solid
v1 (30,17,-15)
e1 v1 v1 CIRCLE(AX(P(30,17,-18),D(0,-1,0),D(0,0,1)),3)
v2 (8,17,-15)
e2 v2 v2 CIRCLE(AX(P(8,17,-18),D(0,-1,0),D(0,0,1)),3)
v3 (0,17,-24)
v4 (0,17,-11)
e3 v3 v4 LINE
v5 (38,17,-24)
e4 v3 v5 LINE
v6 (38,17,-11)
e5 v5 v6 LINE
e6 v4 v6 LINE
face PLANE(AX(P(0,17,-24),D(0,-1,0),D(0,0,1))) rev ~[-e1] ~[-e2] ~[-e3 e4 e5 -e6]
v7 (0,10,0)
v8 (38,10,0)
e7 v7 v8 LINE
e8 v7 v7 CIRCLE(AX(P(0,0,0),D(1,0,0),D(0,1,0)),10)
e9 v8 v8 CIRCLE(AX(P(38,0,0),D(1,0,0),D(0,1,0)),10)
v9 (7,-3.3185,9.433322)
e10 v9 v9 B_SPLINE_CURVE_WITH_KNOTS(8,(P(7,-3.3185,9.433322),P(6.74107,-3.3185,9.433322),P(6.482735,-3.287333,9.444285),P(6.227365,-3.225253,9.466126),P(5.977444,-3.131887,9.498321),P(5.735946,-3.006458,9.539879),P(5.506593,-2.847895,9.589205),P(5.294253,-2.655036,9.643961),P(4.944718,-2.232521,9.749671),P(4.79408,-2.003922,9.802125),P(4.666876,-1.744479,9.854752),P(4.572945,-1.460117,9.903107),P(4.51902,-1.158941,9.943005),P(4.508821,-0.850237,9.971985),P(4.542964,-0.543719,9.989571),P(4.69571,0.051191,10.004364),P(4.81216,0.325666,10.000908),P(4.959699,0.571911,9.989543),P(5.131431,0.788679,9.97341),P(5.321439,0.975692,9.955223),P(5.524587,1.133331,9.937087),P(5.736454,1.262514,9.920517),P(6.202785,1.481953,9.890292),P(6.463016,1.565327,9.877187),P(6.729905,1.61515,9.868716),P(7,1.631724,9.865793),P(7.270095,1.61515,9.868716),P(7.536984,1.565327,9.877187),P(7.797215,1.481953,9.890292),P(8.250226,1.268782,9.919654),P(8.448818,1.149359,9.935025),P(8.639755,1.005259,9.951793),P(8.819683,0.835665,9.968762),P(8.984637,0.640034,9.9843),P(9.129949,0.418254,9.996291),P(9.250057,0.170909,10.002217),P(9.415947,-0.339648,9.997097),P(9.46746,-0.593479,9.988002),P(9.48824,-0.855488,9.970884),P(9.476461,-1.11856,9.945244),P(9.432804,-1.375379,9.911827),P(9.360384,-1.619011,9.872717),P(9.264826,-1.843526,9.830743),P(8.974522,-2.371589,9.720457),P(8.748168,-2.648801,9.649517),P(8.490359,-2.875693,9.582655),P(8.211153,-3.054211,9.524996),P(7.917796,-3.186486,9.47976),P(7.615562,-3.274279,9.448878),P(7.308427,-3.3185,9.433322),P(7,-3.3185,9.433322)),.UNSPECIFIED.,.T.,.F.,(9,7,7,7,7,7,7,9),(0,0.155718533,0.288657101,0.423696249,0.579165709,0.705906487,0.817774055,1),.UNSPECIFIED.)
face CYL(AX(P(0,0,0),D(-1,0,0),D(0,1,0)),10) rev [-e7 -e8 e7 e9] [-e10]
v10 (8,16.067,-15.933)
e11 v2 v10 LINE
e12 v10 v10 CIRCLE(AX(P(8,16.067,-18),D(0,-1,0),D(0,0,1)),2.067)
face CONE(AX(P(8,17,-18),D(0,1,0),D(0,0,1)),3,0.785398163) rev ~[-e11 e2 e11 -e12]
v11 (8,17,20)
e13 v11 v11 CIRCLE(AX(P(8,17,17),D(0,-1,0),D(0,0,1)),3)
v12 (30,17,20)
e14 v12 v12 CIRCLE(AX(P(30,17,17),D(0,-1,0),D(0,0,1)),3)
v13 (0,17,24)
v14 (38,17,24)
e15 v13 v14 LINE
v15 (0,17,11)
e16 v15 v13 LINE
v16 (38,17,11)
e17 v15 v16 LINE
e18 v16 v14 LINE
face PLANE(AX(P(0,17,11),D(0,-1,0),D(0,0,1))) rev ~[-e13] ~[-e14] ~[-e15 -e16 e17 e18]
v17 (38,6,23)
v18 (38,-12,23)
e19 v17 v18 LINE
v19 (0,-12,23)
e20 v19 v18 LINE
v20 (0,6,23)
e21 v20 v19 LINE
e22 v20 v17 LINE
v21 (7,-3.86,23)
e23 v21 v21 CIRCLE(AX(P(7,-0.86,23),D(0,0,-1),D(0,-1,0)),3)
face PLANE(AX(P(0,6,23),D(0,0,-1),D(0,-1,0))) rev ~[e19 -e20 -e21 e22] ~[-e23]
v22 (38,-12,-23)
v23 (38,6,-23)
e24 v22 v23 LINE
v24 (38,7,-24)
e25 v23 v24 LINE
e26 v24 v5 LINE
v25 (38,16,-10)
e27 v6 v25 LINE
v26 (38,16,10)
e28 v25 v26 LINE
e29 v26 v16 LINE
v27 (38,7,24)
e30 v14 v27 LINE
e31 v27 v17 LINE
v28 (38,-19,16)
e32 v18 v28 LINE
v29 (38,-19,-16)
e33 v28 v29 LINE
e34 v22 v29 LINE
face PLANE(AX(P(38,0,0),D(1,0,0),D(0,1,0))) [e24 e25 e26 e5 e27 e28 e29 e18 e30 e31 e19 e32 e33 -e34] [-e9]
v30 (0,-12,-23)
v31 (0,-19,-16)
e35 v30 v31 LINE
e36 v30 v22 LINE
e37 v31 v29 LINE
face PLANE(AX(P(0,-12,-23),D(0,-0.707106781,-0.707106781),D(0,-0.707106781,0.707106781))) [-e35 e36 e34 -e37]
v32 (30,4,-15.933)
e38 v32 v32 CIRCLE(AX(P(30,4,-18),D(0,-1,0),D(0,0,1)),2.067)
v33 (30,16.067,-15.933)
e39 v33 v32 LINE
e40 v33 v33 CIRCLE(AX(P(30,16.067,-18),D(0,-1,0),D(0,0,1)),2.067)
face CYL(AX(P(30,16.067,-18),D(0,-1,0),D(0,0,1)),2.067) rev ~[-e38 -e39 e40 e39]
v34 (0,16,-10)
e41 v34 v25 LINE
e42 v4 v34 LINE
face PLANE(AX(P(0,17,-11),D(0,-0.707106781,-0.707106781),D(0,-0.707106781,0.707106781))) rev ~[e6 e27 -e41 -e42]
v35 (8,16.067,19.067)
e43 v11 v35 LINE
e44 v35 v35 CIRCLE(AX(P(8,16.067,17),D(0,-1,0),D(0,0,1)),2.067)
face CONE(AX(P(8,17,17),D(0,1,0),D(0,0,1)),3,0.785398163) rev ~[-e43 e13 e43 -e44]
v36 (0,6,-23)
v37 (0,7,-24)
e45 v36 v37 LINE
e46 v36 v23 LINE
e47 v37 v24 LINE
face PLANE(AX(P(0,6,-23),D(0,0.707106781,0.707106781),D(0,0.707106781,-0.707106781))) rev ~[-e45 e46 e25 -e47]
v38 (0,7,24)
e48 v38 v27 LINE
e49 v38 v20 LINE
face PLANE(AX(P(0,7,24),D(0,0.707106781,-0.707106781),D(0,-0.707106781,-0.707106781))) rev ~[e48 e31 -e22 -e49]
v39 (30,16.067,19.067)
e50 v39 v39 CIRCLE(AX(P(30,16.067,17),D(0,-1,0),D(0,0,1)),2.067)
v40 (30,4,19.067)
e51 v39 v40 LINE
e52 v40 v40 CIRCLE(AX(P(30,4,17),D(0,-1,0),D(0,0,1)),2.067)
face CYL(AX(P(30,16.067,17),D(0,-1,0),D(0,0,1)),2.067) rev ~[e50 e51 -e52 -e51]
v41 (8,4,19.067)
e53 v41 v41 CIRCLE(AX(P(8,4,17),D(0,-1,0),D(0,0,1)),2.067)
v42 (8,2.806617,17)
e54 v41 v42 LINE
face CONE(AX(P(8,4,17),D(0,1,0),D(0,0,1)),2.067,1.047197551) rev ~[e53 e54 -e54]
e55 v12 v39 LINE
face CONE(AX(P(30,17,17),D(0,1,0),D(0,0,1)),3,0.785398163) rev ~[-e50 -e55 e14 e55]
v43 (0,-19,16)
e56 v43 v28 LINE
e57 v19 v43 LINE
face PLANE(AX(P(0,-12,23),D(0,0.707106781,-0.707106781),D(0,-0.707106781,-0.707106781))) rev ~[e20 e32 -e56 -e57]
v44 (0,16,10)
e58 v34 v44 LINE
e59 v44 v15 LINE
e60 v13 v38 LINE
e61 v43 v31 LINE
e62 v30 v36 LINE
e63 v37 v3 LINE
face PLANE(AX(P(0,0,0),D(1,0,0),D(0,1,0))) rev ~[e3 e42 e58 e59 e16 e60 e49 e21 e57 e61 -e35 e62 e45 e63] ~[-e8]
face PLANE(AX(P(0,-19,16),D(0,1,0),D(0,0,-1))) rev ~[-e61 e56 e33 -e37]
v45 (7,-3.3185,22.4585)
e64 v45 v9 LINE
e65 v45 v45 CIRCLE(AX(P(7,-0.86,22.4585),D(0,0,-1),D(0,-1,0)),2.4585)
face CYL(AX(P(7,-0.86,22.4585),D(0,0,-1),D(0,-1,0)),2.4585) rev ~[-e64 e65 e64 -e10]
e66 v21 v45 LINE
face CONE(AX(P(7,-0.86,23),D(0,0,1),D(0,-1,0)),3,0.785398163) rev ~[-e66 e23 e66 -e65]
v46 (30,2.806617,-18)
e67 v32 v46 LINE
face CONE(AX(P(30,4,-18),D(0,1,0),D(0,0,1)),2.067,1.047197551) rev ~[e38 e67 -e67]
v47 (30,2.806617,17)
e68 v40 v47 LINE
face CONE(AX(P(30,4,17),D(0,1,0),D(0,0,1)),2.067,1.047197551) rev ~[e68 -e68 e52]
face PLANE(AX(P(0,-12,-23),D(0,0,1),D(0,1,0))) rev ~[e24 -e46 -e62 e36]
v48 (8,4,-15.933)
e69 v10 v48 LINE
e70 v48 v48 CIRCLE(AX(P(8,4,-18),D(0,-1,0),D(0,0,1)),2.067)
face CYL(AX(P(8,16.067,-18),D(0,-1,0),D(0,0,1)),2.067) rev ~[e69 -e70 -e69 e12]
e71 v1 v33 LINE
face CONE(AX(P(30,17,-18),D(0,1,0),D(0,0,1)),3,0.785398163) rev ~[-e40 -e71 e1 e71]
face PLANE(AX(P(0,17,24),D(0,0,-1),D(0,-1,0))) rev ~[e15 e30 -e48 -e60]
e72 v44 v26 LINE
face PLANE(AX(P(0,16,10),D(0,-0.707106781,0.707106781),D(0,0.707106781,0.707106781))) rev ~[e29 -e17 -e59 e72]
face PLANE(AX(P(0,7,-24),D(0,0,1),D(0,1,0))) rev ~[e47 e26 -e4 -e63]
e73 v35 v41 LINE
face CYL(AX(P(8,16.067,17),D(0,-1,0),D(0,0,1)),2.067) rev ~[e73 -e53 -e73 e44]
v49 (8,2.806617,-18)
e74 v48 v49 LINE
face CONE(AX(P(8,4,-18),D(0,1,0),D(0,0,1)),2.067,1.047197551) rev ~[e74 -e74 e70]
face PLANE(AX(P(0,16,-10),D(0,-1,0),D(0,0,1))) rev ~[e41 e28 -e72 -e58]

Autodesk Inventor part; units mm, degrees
sketch "Sketch_1" plane through (0, 0, 0) normal (1, 0, 0) x (0, 1, 0)
  line L0 (17, 24) -> (7, 24)
  line L1 (7, 24) -> (6, 23)
  line L2 (6, 23) -> (-12, 23)
  line L3 (-19, 16) -> (-19, -16)
  line L4 (-12, -23) -> (6, -23)
  line L5 (6, -23) -> (7, -24)
  line L6 (7, -24) -> (17, -24)
  line L7 (17, -24) -> (17, -11)
  line L8 (17, -11) -> (16, -10)
  line L9 (16, -10) -> (16, 10)
  line L10 (16, 10) -> (17, 11)
  line L11 (17, 11) -> (17, 24)
  circle A0 centre (0, 0) radius 10
  line L12 (16, 0) -> (0, 0) construction
  line L13 (-12, -23) -> (-19, -16)
  line L14 (-12, 23) -> (-19, 16)
  line L15 (0, 0) -> (-19, 0) construction
  line L16 (6, 23) -> (6, -23) construction
  dimension "d39" = 20
  dimension "d41" = 46
  dimension "d43" = 23
  dimension "d45" = 1
  dimension "d46" = 48
  dimension "d47" = 1
  dimension "d48" = 36
  dimension "d49" = 10
  dimension "d50" = 10
  dimension "d51" = 20
  dimension "d52" = 13
  dimension "d53" = 13
  dimension "d54" = 32
  dimension "d55" = 16
  dimension "d56" = 135
  dimension "d57" = 18
  dimension "d58" = 18
extrude "Extrusion1" add sketch "Sketch_1" along normal blind 38
sketch "Sketch_2" plane through (29, 0, 0) normal (0.682, 0, 0.7314) x (0.7314, 0, -0.682)
  line L0 (-29, -24.55) -> (-4.4539, -24.55)
  arc A0 (-4.4539, -24.55) -> (4.4539, -24.55) centre (0, -23.4) ccw
  line L1 (4.4539, -24.55) -> (29, -24.55)
  line L2 (29, -24.55) -> (29, -23.4)
  line L3 (29, -23.4) -> (-29, -23.4)
  line L4 (-29, -23.4) -> (-29, -24.55)
  dimension "d33" = 58
  dimension "d34" = 1.15
  dimension "d35" = 24.5461
  dimension "d36" = 4.6
  dimension "d37" = 24.5461
  dimension "d38" = 1.15
extrude "Extrusion2" [suppressed]
sketch "Sketch_3" plane through (0, -23.4, 0) normal (0, 1, 0) x (1, 0, 0)
  line L0 (-29, -58) -> (87, -58)
  line L1 (87, -58) -> (87, 58)
  line L2 (87, 58) -> (-29, 58)
  line L3 (-29, 58) -> (-29, -58)
  line L4 (9.6667, -9.44) -> (48.3333, -9.44)
  line L5 (48.3333, -9.44) -> (48.3333, 9.44)
  line L6 (48.3333, 9.44) -> (9.6667, 9.44)
  line L7 (9.6667, 9.44) -> (9.6667, -9.44)
extrude "Extrusion3" [suppressed]
sketch "Sketch_4" plane through (0, 0, 0) normal (0, 0, 1) x (1, 0, 0)
  line L0 (13.4367, -26.15) -> (13.4367, -24.55)
  line L1 (13.4367, -24.55) -> (15.4367, -24.55)
  line L2 (15.4367, -24.55) -> (15.4367, -25.75)
  arc A0 (15.0367, -26.15) -> (15.4367, -25.75) centre (15.0367, -25.75) ccw
  line L3 (15.0367, -26.15) -> (13.4367, -26.15)
  line L4 (13.4367, -26.15) -> (13.4367, -24.55)
revolve "Revolution1" [suppressed]
sketch "Sketch_5" plane through (0, 0, 0) normal (0, 0, 1) x (1, 0, 0)
  line L0 (44.5633, -26.15) -> (44.5633, -24.55)
  line L1 (44.5633, -24.55) -> (46.5633, -24.55)
  line L2 (46.5633, -24.55) -> (46.5633, -25.75)
  arc A0 (46.1633, -26.15) -> (46.5633, -25.75) centre (46.1633, -25.75) ccw
  line L3 (46.1633, -26.15) -> (44.5633, -26.15)
  line L4 (44.5633, -26.15) -> (44.5633, -24.55)
revolve "Revolution2" [suppressed]
sketch "Sketch_6" plane through (0, -26.15, 0) normal (0, 1, 0) x (1, 0, 0)
  line L0 (43.5633, 0.15) -> (43.5633, -0.15)
  line L1 (43.5633, -0.15) -> (44.4133, -0.15)
  line L2 (44.4133, -0.15) -> (44.4133, -1)
  line L3 (44.4133, -1) -> (44.7133, -1)
  line L4 (44.7133, -1) -> (44.7133, -0.15)
  line L5 (44.7133, -0.15) -> (45.5633, -0.15)
  line L6 (45.5633, -0.15) -> (45.5633, 0.15)
  line L7 (45.5633, 0.15) -> (44.7133, 0.15)
  line L8 (44.7133, 0.15) -> (44.7133, 1)
  line L9 (44.7133, 1) -> (44.4133, 1)
  line L10 (44.4133, 1) -> (44.4133, 0.15)
  line L11 (44.4133, 0.15) -> (43.5633, 0.15)
extrude "Extrusion4" [suppressed]
sketch "Sketch_7" plane through (0, -26.15, 0) normal (0, 1, 0) x (1, 0, 0)
  line L0 (12.4367, 0.15) -> (12.4367, -0.15)
  line L1 (12.4367, -0.15) -> (13.2867, -0.15)
  line L2 (13.2867, -0.15) -> (13.2867, -1)
  line L3 (13.2867, -1) -> (13.5867, -1)
  line L4 (13.5867, -1) -> (13.5867, -0.15)
  line L5 (13.5867, -0.15) -> (14.4367, -0.15)
  line L6 (14.4367, -0.15) -> (14.4367, 0.15)
  line L7 (14.4367, 0.15) -> (13.5867, 0.15)
  line L8 (13.5867, 0.15) -> (13.5867, 1)
  line L9 (13.5867, 1) -> (13.2867, 1)
  line L10 (13.2867, 1) -> (13.2867, 0.15)
  line L11 (13.2867, 0.15) -> (12.4367, 0.15)
extrude "Extrusion5" [suppressed]
sketch "Sketch8" plane through (0, -12, 23) normal (0, 0, 1) x (1, 0, 0)
  line L0 (0, 18) -> (0, 0) projected
  point P0 (7, 11.14)
  dimension "d61" = 7
hole "Hole1" at (7, -0.86, 23) direction (0, 0, -1) diameter 4.917 depth 14.1406 tip angle 120 countersink diameter 6 countersink angle 90 thread size "M6x1" class "6H" standard "ISO Metric profile"
sketch "Sketch9" plane through (0, 17, -11) normal (0, 1, 0) x (1, 0, 0)
  line L0 (0, 13) -> (0, 0) projected
  line L1 (0, 13) -> (38, 13) projected
  point P0 (8, 7)
  dimension "d59" = 8
  dimension "d60" = 6
hole "Hole2" at (8, 17, -18) direction (0, -1, 0) diameter 4.134 depth 13 tip angle 120 countersink diameter 6 countersink angle 90 thread size "M5x0.8" class "6H" standard "ISO Metric profile"
pattern_linear "Rectangular Pattern1" count 2 spacing 22 along (1, 0, 0) count 2 spacing 35 along (0, 0, 1) of "Hole2"
ref_plane "bnt_nut_1_XY" through (0, 0, 0) normal (1, 0, 0) x (0, 0, -1)
ref_plane "bnt_nut_1_YZ" through (0, 0, 0) normal (0, 0, -1) x (0, 1, 0)
ref_plane "bnt_nut_1_ZX" through (0, 0, 0) normal (0, 1, 0) x (1, 0, 0)
sketch "Sketch10" plane through (38, -23.4, -9.44) normal (0, 0, -1) x (-1, 0, 0)
  point P0 (38, 23.4)
sketch "Sketch11" plane through (38, 0, 0) normal (1, 0, 0) x (0, 0, -1)
  circle A0 centre (0, 0) radius 15.5
  dimension "d62" = 31
properties part number "BNT 2010-2.6 Nut"
